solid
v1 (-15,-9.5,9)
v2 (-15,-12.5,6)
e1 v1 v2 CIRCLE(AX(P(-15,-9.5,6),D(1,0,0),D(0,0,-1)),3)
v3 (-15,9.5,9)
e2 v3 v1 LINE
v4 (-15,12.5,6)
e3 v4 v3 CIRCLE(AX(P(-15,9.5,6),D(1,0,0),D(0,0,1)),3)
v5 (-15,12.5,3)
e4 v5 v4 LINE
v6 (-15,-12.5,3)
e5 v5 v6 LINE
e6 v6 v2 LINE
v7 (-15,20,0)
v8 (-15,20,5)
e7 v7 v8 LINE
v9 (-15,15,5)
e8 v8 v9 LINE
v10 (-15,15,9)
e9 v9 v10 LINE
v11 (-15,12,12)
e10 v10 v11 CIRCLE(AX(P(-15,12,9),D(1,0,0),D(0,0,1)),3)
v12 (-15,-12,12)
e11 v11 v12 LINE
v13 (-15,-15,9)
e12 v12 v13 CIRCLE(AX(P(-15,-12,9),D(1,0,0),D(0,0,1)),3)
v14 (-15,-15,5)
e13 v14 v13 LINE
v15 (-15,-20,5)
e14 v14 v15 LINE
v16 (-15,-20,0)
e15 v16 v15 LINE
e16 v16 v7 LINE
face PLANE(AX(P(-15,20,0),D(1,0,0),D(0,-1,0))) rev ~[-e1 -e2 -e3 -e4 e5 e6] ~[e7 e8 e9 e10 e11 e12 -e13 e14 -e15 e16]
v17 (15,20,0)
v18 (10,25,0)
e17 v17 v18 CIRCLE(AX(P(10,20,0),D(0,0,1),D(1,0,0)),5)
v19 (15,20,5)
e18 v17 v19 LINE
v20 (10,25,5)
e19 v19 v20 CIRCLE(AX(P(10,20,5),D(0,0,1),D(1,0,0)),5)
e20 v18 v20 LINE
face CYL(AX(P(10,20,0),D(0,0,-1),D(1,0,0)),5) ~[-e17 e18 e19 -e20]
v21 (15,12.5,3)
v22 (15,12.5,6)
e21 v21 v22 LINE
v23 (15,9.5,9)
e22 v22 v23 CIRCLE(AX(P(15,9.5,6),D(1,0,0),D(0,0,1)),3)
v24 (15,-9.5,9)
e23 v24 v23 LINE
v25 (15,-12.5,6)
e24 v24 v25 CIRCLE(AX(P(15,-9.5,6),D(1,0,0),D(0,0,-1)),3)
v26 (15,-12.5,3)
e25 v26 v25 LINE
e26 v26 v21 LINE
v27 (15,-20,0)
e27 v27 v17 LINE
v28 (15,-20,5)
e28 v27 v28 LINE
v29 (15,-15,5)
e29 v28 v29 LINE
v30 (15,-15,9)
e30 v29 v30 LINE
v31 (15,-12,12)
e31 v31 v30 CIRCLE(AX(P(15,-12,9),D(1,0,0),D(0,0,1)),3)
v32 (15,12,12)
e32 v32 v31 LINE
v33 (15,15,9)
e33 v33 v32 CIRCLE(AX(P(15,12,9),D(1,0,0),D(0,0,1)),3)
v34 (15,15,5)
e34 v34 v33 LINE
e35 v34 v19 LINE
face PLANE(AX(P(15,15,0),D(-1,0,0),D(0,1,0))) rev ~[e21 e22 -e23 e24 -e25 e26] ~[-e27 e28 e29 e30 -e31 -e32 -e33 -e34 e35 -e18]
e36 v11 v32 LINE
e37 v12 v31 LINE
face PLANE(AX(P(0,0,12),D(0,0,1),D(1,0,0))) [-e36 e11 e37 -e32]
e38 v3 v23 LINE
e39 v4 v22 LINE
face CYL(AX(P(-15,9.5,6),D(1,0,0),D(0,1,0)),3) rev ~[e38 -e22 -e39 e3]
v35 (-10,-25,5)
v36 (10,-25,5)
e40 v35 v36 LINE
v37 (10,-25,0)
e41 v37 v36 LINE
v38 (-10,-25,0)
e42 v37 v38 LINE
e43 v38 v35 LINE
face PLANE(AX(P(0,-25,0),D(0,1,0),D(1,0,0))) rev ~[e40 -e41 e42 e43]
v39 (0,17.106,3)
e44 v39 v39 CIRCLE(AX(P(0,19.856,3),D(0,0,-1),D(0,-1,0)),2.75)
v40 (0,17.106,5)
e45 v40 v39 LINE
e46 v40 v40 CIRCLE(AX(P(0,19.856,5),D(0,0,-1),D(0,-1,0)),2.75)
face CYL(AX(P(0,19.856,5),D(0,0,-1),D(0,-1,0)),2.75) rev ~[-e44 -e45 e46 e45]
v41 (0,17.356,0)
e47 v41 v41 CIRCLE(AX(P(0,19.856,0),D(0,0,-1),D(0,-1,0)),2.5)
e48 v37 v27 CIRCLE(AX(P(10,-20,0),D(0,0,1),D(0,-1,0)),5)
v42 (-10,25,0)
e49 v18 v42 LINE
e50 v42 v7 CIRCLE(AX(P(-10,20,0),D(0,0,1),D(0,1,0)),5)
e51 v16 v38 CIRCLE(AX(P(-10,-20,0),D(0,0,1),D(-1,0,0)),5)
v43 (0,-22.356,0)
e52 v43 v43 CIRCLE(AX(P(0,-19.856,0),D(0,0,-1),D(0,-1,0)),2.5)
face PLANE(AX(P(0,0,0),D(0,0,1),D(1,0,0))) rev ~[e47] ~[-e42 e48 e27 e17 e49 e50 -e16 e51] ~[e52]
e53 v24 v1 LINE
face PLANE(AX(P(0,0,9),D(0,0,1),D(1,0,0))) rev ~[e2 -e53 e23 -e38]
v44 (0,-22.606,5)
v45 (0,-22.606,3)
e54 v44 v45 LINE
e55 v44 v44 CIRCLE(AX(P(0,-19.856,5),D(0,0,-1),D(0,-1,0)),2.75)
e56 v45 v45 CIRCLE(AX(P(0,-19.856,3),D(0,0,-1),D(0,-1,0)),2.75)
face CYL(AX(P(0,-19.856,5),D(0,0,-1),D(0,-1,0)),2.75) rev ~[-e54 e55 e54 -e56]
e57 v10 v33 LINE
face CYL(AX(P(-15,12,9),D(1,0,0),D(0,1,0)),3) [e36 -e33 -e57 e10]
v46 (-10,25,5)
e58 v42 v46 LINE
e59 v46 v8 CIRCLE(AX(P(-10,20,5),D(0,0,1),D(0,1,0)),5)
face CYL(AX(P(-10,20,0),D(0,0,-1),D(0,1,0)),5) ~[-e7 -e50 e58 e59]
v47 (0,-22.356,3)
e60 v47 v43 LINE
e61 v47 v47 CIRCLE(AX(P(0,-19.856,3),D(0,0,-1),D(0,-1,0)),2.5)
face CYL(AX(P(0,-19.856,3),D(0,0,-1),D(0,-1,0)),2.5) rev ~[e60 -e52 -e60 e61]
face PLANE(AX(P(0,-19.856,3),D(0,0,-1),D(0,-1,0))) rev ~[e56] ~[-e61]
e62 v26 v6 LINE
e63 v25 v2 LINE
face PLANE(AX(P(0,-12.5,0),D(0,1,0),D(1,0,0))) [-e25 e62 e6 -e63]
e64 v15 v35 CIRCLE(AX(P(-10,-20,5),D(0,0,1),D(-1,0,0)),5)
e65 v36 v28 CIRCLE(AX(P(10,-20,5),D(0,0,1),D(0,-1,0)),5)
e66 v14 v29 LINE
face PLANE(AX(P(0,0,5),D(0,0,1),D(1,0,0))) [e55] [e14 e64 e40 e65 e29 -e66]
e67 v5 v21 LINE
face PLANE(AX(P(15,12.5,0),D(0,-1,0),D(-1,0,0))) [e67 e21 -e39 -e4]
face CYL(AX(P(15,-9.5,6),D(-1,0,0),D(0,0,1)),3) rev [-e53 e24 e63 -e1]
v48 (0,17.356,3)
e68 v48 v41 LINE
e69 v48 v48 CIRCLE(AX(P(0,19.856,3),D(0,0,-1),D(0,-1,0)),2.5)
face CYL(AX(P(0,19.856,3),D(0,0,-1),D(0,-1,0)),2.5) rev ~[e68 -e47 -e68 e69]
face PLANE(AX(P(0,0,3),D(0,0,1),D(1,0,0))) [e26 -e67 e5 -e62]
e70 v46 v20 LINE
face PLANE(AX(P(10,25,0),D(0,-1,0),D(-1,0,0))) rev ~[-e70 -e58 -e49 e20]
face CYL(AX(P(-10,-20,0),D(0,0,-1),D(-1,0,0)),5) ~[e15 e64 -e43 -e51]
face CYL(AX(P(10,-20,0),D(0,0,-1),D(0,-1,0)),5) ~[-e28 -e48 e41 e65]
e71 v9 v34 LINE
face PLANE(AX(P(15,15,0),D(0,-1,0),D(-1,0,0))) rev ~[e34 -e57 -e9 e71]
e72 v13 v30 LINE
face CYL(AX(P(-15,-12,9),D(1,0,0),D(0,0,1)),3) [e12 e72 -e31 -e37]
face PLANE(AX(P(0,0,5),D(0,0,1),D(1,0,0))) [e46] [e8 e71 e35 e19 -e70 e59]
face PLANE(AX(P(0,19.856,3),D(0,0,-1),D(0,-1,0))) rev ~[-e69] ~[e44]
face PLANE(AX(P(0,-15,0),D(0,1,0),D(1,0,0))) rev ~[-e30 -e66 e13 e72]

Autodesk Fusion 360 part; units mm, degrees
sketch "Esquisse1" plane through (0, 0, 0) normal (0, 0, 1) x (1, 0, 0)
  line L0 (10, 25) -> (-10, 25)
  line L1 (-15, 20) -> (-15, -20)
  line L2 (-10, -25) -> (10, -25)
  line L3 (15, -20) -> (15, 20)
  line L4 (15, 25) -> (-15, -25) construction
  line L5 (-15, 25) -> (15, -25) construction
  line L6 (0, 0) -> (0, 40)
  line L7 (0, 40) -> (0, -29.6677)
  circle A0 centre (0, 20) radius 2.5
  circle A1 centre (0, -20) radius 2.5
  arc A2 (-10, 25) -> (-15, 20) centre (-10, 20) ccw
  arc A3 (15, 20) -> (10, 25) centre (10, 20) ccw
  arc A4 (10, -25) -> (15, -20) centre (10, -20) ccw
  arc A5 (-15, -20) -> (-10, -25) centre (-10, -20) ccw
  line L8 (-15, -15) -> (15, -15)
  line L9 (15, -15) -> (15, 15)
  line L10 (15, 15) -> (-15, 15)
  line L11 (-15, 15) -> (-15, -15)
  line L12 (-15, -15) -> (15, 15) construction
  line L13 (15, -15) -> (-15, 15) construction
  line L14 (-15, -12.5) -> (15, -12.5)
  line L15 (15, -12.5) -> (15, 12.5)
  line L16 (15, 12.5) -> (-15, 12.5)
  line L17 (-15, 12.5) -> (-15, -12.5)
  line L18 (-15, -12.5) -> (15, 12.5) construction
  line L19 (15, -12.5) -> (-15, 12.5) construction
  dimension "d1" = 30
  dimension "d2" = 50
  dimension "d3" = 5
  dimension "d4" = 5
  dimension "d5" = 5
  dimension "d6" = 5
  dimension "d7" = 5
  dimension "d8" = 5
  dimension "d9" = 30
  dimension "d10" = 30
  dimension "d20" = 25
extrude "Extrusion1" add sketch "Esquisse1" along normal blind 5 contours L0 L3 L6 L7 A0 A3 L10 | L0 L1 L6 L7 A0 A2 L10 | L2 L3 L7 A1 A4 L8 | L1 L2 L7 A1 A5 L8 makes body 1 at (-9.1574, 21.5425, 0) makes body 2 at (9.1574, -21.5425, 0)
extrude "Extrusion2" add sketch "Esquisse1" along normal blind 12 contours L3 L6 L7 L9 L10 L16 | L3 L6 L7 L9 L14 L15 L16 | L1 L6 L7 L10 L11 L16 | L3 L7 L8 L9 L14 | L1 L6 L7 L11 L14 L16 L17 | L1 L7 L8 L11 L14 bodies 1 2
extrude "Extrusion3" cut sketch "Esquisse1" along normal blind 9 contours L3 L6 L7 L9 L14 L15 L16 | L1 L6 L7 L11 L14 L16 L17 bodies 1
fillet "Congé1" radius 3 2 edges at (0, 15, 12) (0, -15, 12) on bodies 1
delete_face "DeleteFace1" 1 faces at (2.4876, -20.2489, 1.6667) on bodies 1
delete_face "DeleteFace2" 1 faces at (2.4876, 20.2489, 3.3333) on bodies 1
hole "Perçage1" at (0, 19.856, 5) direction (0, 0, -1) diameter 5 depth 5 tip angle 180 counterbore diameter 5.5 counterbore depth 2 bodies 1
hole "Perçage2" at (0, -19.856, 5) direction (0, 0, -1) diameter 5 depth 5 tip angle 180 counterbore diameter 5.5 counterbore depth 2 bodies 1
extrude "Extrusion4" add sketch "Esquisse1" along normal blind 3 contours L3 L6 L7 L9 L14 L15 L16 | L1 L6 L7 L11 L14 L16 L17 bodies 1
fillet "Congé2" radius 3 2 edges at (0, -12.5, 9) (0, 12.5, 9) on bodies 1
